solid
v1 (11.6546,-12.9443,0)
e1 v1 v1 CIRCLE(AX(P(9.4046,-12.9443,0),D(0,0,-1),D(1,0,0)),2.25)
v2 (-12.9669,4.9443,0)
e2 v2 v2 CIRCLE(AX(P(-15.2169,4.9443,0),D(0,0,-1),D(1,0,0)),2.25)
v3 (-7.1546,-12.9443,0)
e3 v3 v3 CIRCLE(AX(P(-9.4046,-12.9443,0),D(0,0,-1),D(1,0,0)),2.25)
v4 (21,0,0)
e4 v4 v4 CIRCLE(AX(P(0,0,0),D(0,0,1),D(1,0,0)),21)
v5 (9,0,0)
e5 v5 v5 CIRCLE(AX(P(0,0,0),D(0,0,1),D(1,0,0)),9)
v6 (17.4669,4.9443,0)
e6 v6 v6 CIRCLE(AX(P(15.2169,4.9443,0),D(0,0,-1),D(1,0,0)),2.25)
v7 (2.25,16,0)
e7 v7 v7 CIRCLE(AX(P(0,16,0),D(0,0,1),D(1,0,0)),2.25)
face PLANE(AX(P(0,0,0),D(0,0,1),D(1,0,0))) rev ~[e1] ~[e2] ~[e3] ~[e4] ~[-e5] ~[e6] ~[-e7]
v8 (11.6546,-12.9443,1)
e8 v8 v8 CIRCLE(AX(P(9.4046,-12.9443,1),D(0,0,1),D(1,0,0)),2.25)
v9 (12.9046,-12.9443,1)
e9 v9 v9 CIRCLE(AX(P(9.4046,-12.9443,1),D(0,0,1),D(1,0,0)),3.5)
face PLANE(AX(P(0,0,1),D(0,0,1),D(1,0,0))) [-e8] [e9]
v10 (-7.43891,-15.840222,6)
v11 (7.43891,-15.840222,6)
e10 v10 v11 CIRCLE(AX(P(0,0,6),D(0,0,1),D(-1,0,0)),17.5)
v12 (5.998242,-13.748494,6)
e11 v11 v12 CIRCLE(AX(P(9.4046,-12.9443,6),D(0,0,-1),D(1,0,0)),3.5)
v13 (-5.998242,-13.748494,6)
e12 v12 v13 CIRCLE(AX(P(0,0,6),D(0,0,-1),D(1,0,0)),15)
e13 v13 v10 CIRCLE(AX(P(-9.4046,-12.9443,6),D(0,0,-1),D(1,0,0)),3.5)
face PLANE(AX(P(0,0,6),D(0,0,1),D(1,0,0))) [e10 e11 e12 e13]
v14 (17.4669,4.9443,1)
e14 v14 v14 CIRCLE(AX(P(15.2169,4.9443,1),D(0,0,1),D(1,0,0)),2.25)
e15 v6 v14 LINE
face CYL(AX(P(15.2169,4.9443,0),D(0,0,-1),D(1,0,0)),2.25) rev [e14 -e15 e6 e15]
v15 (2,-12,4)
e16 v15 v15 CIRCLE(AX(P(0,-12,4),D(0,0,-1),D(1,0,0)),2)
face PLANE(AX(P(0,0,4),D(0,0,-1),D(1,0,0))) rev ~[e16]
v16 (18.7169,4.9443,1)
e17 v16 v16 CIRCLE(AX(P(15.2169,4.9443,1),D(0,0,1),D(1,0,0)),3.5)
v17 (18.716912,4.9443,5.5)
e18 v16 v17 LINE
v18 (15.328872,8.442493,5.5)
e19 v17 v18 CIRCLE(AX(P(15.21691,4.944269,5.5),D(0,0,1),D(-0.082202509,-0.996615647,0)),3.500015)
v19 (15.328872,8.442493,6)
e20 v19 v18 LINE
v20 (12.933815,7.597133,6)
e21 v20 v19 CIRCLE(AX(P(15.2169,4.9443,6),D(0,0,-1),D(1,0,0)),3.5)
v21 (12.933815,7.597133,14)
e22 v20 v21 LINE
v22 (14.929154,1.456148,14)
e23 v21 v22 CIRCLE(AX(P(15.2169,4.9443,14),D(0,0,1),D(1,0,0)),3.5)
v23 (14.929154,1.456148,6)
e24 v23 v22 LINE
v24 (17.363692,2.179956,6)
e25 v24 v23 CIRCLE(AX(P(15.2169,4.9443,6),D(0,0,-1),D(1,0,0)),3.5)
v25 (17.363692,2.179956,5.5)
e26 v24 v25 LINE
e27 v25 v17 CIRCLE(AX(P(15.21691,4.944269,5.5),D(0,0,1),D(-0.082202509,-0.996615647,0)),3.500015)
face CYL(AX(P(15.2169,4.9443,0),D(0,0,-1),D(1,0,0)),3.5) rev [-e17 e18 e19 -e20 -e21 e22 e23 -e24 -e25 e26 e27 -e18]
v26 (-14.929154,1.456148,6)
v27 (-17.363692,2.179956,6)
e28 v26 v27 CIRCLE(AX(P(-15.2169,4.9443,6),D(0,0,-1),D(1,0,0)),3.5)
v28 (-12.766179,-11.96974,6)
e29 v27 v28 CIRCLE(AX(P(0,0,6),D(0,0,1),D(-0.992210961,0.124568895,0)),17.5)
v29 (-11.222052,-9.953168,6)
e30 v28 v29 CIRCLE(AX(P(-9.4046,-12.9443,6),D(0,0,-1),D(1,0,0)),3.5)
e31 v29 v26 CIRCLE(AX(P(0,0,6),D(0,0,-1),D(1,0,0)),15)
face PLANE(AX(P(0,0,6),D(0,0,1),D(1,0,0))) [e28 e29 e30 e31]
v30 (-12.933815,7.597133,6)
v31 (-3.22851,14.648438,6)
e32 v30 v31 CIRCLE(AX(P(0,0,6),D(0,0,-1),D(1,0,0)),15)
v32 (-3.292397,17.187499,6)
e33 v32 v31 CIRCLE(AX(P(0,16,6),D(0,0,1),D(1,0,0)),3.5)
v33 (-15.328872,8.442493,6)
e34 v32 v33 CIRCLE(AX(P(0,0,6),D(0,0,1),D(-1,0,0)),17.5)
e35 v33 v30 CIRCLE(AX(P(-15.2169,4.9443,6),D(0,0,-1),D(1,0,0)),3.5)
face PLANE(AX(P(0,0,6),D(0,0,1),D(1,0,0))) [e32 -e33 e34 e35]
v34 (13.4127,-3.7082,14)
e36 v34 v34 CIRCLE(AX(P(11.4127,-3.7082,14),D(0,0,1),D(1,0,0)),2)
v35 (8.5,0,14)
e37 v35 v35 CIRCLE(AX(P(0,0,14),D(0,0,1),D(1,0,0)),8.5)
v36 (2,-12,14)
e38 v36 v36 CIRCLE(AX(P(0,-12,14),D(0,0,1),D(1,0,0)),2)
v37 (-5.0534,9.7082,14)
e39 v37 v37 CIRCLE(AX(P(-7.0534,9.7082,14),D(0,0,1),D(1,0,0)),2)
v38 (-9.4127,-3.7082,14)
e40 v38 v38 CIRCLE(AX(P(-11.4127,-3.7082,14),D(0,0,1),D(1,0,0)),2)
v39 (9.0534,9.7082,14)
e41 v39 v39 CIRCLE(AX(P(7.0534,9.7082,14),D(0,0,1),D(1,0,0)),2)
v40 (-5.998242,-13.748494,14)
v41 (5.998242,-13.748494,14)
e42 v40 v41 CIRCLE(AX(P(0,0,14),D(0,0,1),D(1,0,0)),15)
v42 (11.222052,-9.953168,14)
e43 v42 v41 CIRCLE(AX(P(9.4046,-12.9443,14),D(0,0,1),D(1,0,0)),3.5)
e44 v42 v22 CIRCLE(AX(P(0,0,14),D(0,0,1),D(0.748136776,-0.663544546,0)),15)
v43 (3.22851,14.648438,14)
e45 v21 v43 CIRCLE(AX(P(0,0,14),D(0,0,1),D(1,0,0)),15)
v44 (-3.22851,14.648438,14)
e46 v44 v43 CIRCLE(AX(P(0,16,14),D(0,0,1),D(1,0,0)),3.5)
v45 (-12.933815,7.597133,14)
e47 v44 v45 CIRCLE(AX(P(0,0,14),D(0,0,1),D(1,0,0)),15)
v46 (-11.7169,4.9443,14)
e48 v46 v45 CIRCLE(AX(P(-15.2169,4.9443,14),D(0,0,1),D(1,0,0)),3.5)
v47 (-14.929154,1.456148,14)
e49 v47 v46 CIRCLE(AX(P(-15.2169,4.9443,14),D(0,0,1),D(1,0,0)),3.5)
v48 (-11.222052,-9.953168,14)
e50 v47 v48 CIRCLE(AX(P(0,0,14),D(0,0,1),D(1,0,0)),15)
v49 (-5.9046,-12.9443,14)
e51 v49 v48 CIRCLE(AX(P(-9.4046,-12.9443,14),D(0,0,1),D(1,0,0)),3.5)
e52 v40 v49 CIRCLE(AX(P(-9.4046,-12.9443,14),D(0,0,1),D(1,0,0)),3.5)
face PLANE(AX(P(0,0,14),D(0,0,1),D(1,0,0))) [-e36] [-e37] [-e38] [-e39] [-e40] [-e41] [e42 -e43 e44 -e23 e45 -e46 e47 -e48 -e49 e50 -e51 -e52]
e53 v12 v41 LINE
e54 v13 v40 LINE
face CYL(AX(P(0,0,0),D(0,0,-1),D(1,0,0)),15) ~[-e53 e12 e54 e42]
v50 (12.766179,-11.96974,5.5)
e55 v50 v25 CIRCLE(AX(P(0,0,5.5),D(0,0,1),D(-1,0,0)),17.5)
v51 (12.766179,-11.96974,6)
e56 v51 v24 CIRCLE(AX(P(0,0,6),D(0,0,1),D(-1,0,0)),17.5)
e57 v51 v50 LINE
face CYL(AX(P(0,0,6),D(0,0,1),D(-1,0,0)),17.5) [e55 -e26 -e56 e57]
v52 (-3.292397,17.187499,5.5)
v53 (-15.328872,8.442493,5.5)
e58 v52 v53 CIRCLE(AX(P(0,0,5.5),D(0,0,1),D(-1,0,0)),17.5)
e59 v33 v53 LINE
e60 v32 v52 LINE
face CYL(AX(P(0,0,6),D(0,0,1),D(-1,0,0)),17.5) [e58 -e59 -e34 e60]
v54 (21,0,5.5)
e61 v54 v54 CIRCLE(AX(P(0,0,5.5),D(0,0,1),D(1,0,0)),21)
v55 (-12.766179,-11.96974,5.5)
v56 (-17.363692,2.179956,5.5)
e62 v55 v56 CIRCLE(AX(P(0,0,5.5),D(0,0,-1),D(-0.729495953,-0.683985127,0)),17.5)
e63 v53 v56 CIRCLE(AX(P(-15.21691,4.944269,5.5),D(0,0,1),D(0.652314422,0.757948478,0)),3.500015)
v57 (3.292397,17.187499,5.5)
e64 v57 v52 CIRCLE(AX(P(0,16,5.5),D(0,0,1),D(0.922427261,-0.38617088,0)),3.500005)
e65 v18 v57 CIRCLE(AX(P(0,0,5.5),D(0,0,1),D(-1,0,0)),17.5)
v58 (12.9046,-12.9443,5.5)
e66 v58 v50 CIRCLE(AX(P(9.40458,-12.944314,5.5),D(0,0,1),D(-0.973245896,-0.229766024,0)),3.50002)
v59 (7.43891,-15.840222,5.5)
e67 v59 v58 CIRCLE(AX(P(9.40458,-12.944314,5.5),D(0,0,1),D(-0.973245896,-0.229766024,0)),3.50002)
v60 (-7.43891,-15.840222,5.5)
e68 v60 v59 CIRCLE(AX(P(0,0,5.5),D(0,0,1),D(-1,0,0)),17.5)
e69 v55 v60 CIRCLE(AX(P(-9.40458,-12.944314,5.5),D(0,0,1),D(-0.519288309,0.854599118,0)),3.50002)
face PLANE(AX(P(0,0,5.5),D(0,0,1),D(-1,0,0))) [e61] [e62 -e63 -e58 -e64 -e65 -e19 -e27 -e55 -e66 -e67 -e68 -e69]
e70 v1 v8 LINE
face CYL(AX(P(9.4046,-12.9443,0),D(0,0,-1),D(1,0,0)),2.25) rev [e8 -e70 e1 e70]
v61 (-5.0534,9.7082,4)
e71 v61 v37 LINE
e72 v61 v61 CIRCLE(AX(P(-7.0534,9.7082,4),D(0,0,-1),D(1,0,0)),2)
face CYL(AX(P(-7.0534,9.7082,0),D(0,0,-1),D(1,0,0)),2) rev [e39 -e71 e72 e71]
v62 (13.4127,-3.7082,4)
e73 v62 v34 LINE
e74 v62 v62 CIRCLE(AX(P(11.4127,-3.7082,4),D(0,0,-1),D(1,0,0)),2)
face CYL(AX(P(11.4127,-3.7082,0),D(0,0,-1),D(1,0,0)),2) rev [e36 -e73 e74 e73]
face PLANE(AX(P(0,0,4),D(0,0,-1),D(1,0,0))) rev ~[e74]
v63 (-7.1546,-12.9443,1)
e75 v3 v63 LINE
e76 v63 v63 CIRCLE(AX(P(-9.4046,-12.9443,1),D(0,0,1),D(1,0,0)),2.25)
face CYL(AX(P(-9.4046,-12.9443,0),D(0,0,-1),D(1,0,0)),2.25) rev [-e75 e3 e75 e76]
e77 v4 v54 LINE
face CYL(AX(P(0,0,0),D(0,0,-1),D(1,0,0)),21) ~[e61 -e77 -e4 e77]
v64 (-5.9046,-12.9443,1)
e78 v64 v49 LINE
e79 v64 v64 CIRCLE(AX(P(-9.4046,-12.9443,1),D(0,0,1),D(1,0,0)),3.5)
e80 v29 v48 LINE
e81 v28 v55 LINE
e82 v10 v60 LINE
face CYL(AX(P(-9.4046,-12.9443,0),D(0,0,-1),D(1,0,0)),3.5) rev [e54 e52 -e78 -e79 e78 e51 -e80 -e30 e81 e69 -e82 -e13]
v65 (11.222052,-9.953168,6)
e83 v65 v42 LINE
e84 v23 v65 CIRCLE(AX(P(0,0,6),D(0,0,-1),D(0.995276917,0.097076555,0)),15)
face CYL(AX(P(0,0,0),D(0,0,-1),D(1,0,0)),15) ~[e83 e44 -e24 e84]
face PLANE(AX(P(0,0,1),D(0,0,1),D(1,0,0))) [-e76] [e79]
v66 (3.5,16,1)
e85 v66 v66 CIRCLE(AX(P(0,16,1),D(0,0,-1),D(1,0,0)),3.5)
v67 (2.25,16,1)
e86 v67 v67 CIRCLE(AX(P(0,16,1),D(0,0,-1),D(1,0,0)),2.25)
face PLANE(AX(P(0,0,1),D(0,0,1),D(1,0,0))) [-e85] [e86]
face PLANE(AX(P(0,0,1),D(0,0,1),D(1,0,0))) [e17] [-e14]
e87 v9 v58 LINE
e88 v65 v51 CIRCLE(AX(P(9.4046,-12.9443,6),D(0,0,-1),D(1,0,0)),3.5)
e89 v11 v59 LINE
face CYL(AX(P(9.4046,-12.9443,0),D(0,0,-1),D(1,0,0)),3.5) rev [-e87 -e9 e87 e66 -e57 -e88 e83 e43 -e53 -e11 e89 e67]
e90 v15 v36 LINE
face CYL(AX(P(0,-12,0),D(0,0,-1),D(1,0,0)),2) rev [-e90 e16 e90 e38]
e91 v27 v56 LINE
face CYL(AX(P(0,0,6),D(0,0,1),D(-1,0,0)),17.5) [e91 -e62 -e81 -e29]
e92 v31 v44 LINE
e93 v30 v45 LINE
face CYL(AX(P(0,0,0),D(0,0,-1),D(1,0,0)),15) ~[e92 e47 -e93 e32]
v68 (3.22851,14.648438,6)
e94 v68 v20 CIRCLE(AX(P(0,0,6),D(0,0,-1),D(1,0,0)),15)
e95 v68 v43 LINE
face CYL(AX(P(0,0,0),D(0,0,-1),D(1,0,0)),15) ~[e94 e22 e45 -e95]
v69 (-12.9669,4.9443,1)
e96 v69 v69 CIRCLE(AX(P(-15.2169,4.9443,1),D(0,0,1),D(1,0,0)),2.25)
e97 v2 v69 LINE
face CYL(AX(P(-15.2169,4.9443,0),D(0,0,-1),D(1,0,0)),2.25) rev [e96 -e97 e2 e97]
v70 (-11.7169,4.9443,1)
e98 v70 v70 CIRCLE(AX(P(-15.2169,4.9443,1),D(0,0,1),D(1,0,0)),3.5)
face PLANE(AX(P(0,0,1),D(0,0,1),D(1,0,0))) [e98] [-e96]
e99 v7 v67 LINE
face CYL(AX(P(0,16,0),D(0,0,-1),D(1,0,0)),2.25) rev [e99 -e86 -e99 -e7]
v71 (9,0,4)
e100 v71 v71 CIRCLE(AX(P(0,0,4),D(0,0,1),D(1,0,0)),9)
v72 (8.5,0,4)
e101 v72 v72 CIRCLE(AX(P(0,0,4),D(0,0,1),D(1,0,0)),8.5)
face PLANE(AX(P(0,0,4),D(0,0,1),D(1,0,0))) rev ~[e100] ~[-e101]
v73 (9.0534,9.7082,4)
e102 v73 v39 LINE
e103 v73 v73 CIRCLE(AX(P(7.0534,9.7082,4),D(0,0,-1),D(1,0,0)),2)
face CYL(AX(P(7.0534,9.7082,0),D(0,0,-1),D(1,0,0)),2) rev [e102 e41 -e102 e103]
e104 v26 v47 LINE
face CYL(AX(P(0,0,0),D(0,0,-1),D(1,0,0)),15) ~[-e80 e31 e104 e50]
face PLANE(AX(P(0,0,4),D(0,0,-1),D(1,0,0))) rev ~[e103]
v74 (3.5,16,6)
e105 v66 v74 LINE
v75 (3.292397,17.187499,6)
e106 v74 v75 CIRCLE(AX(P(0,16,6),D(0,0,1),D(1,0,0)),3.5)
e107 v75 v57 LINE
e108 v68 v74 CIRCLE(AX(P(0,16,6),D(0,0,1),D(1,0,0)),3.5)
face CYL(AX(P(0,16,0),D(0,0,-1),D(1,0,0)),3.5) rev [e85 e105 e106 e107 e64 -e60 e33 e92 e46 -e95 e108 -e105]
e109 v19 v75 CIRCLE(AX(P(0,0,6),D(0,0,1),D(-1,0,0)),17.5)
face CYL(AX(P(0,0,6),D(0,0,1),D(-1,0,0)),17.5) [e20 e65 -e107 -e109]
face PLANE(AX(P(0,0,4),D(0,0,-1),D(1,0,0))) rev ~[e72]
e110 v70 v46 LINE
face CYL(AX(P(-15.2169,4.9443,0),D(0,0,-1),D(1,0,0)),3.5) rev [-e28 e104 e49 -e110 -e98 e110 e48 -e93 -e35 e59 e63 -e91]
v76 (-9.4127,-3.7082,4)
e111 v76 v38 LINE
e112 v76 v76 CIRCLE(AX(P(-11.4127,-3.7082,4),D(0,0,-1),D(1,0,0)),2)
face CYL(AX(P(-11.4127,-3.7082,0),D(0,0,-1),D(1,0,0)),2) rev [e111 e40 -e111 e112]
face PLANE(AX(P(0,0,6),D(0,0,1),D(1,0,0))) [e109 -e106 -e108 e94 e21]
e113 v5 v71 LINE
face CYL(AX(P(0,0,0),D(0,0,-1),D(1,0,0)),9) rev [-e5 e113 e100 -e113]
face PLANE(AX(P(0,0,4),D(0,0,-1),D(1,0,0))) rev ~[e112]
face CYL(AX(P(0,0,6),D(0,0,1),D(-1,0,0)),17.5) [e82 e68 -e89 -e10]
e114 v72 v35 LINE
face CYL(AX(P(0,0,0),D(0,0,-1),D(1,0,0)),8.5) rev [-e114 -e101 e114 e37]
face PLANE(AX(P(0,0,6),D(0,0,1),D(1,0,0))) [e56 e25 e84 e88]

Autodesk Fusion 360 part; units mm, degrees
sketch "Sketch1" plane through (0, 0, 0) normal (0, 0, 1) x (1, 0, 0)
  circle A0 centre (0, 0) radius 9
  circle A1 centre (0, 0) radius 16 construction
  line L0 (0, 0) -> (0, 16) construction
  circle A2 centre (0, 16) radius 3.5
  circle A3 centre (-15.2169, 4.9443) radius 3.5
  circle A4 centre (-9.4046, -12.9443) radius 3.5
  circle A5 centre (9.4046, -12.9443) radius 3.5
  circle A6 centre (15.2169, 4.9443) radius 3.5
  circle A7 centre (0, 0) radius 15
  circle A8 centre (0, 0) radius 21
  circle A9 centre (0, 0) radius 12 construction
  line L1 (0, 0) -> (-8.8168, 12.1353) construction
  circle A10 centre (-7.0534, 9.7082) radius 2
  circle A11 centre (-7.0534, 9.7082) radius 2.25 construction
  circle A12 centre (-11.4127, -3.7082) radius 2
  circle A13 centre (0, -12) radius 2
  circle A14 centre (11.4127, -3.7082) radius 2
  circle A15 centre (7.0534, 9.7082) radius 2
  line L2 (0, 0) -> (-15.2169, 4.9443) construction
  circle A16 centre (0, 16) radius 2.25
  circle A17 centre (-15.2169, 4.9443) radius 2.25
  circle A18 centre (-9.4046, -12.9443) radius 2.25
  circle A19 centre (9.4046, -12.9443) radius 2.25
  circle A20 centre (15.2169, 4.9443) radius 2.25
  circle A21 centre (0, 0) radius 8.5
  dimension "d1" = 18
  dimension "d3" = 7
  dimension "d5" = 360
  dimension "d6" = 30
  dimension "d7" = 42
  dimension "d8" = 4
  dimension "d9" = 4.5
  dimension "d10" = 24
  dimension "d12" = 360
  dimension "d13" = 36
  dimension "d14" = 72
  dimension "d17" = 4.5
  dimension "d19" = 360
  dimension "d26" = 17
  dimension "d31" = 32
extrude "Extrude1" add sketch "Sketch1" along normal blind 6 contours A2 A3 A4 A5 A6 A7 | A8
extrude "Extrude6" add sketch "Sketch1" along normal blind 14 contours A2 A3 A4 A5 A6 A7
extrude "Extrude7" add sketch "Sketch1" along normal blind 1 contours A2 A7 A16 | A2 A7 A16 | A3 A7 A17 | A3 A7 A17 | A6 A7 A20 | A6 A7 A20 | A4 A7 A18 | A4 A7 A18 | A5 A7 A19 | A5 A7 A19
extrude "Extrude4" add sketch "Sketch1" along normal blind 14 contours A0
extrude "Extrude5" cut sketch "Sketch1" along normal blind 4 contours A0
sketch "Sketch2" plane through (0, 0, 6) normal (0, 0, 1) x (-1, 0, 0)
  circle A0 centre (0, 0) radius 21
  arc A1 (-12.9338, -7.5971) -> (-3.2285, -14.6484) centre (0, 0) ccw
  arc A2 (-14.9292, -1.4561) -> (-12.9338, -7.5971) centre (-15.2169, -4.9443) ccw
  arc A3 (-11.2221, 9.9532) -> (-14.9292, -1.4561) centre (0, 0) ccw
  arc A4 (-5.9982, 13.7485) -> (-11.2221, 9.9532) centre (-9.4046, 12.9443) ccw
  arc A5 (5.9982, 13.7485) -> (-5.9982, 13.7485) centre (0, 0) ccw
  arc A6 (11.2221, 9.9532) -> (5.9982, 13.7485) centre (9.4046, 12.9443) ccw
  arc A7 (14.9292, -1.4561) -> (11.2221, 9.9532) centre (0, 0) ccw
  arc A8 (12.9338, -7.5971) -> (14.9292, -1.4561) centre (15.2169, -4.9443) ccw
  arc A9 (3.2285, -14.6484) -> (12.9338, -7.5971) centre (0, 0) ccw
  arc A10 (-3.2285, -14.6484) -> (3.2285, -14.6484) centre (0, -16) ccw
  circle A11 centre (0, 0) radius 17.5
  dimension "d36" = 35
extrude "Extrude8" cut sketch "Sketch2" against normal blind 0.5
sketch "Sketch3" plane through (0, 0, 0) normal (0, 0, -1) x (1, 0, 0)
  circle A0 centre (0, 0) radius 9
  circle A1 centre (-9.4046, 12.9443) radius 2.25
  circle A2 centre (-15.2169, -4.9443) radius 2.25
  circle A3 centre (9.4046, 12.9443) radius 2.25
  circle A4 centre (0, -16) radius 2.25
  circle A5 centre (15.2169, -4.9443) radius 2.25
  circle A6 centre (-7.0534, -9.7082) radius 2
  circle A7 centre (11.4127, 3.7082) radius 2
  circle A8 centre (0, 12) radius 2
  circle A9 centre (7.0534, -9.7082) radius 2
  circle A10 centre (-11.4127, 3.7082) radius 2
  circle A11 centre (0, 0) radius 21
extrude "Extrude9" add sketch "Sketch3" against normal blind 4 contours A6 | A7 | A8 | A9 | A10
equation "d10 = ( d6 - d1 ) / 2 + d1"
equation "d13 = d14 / 2"
